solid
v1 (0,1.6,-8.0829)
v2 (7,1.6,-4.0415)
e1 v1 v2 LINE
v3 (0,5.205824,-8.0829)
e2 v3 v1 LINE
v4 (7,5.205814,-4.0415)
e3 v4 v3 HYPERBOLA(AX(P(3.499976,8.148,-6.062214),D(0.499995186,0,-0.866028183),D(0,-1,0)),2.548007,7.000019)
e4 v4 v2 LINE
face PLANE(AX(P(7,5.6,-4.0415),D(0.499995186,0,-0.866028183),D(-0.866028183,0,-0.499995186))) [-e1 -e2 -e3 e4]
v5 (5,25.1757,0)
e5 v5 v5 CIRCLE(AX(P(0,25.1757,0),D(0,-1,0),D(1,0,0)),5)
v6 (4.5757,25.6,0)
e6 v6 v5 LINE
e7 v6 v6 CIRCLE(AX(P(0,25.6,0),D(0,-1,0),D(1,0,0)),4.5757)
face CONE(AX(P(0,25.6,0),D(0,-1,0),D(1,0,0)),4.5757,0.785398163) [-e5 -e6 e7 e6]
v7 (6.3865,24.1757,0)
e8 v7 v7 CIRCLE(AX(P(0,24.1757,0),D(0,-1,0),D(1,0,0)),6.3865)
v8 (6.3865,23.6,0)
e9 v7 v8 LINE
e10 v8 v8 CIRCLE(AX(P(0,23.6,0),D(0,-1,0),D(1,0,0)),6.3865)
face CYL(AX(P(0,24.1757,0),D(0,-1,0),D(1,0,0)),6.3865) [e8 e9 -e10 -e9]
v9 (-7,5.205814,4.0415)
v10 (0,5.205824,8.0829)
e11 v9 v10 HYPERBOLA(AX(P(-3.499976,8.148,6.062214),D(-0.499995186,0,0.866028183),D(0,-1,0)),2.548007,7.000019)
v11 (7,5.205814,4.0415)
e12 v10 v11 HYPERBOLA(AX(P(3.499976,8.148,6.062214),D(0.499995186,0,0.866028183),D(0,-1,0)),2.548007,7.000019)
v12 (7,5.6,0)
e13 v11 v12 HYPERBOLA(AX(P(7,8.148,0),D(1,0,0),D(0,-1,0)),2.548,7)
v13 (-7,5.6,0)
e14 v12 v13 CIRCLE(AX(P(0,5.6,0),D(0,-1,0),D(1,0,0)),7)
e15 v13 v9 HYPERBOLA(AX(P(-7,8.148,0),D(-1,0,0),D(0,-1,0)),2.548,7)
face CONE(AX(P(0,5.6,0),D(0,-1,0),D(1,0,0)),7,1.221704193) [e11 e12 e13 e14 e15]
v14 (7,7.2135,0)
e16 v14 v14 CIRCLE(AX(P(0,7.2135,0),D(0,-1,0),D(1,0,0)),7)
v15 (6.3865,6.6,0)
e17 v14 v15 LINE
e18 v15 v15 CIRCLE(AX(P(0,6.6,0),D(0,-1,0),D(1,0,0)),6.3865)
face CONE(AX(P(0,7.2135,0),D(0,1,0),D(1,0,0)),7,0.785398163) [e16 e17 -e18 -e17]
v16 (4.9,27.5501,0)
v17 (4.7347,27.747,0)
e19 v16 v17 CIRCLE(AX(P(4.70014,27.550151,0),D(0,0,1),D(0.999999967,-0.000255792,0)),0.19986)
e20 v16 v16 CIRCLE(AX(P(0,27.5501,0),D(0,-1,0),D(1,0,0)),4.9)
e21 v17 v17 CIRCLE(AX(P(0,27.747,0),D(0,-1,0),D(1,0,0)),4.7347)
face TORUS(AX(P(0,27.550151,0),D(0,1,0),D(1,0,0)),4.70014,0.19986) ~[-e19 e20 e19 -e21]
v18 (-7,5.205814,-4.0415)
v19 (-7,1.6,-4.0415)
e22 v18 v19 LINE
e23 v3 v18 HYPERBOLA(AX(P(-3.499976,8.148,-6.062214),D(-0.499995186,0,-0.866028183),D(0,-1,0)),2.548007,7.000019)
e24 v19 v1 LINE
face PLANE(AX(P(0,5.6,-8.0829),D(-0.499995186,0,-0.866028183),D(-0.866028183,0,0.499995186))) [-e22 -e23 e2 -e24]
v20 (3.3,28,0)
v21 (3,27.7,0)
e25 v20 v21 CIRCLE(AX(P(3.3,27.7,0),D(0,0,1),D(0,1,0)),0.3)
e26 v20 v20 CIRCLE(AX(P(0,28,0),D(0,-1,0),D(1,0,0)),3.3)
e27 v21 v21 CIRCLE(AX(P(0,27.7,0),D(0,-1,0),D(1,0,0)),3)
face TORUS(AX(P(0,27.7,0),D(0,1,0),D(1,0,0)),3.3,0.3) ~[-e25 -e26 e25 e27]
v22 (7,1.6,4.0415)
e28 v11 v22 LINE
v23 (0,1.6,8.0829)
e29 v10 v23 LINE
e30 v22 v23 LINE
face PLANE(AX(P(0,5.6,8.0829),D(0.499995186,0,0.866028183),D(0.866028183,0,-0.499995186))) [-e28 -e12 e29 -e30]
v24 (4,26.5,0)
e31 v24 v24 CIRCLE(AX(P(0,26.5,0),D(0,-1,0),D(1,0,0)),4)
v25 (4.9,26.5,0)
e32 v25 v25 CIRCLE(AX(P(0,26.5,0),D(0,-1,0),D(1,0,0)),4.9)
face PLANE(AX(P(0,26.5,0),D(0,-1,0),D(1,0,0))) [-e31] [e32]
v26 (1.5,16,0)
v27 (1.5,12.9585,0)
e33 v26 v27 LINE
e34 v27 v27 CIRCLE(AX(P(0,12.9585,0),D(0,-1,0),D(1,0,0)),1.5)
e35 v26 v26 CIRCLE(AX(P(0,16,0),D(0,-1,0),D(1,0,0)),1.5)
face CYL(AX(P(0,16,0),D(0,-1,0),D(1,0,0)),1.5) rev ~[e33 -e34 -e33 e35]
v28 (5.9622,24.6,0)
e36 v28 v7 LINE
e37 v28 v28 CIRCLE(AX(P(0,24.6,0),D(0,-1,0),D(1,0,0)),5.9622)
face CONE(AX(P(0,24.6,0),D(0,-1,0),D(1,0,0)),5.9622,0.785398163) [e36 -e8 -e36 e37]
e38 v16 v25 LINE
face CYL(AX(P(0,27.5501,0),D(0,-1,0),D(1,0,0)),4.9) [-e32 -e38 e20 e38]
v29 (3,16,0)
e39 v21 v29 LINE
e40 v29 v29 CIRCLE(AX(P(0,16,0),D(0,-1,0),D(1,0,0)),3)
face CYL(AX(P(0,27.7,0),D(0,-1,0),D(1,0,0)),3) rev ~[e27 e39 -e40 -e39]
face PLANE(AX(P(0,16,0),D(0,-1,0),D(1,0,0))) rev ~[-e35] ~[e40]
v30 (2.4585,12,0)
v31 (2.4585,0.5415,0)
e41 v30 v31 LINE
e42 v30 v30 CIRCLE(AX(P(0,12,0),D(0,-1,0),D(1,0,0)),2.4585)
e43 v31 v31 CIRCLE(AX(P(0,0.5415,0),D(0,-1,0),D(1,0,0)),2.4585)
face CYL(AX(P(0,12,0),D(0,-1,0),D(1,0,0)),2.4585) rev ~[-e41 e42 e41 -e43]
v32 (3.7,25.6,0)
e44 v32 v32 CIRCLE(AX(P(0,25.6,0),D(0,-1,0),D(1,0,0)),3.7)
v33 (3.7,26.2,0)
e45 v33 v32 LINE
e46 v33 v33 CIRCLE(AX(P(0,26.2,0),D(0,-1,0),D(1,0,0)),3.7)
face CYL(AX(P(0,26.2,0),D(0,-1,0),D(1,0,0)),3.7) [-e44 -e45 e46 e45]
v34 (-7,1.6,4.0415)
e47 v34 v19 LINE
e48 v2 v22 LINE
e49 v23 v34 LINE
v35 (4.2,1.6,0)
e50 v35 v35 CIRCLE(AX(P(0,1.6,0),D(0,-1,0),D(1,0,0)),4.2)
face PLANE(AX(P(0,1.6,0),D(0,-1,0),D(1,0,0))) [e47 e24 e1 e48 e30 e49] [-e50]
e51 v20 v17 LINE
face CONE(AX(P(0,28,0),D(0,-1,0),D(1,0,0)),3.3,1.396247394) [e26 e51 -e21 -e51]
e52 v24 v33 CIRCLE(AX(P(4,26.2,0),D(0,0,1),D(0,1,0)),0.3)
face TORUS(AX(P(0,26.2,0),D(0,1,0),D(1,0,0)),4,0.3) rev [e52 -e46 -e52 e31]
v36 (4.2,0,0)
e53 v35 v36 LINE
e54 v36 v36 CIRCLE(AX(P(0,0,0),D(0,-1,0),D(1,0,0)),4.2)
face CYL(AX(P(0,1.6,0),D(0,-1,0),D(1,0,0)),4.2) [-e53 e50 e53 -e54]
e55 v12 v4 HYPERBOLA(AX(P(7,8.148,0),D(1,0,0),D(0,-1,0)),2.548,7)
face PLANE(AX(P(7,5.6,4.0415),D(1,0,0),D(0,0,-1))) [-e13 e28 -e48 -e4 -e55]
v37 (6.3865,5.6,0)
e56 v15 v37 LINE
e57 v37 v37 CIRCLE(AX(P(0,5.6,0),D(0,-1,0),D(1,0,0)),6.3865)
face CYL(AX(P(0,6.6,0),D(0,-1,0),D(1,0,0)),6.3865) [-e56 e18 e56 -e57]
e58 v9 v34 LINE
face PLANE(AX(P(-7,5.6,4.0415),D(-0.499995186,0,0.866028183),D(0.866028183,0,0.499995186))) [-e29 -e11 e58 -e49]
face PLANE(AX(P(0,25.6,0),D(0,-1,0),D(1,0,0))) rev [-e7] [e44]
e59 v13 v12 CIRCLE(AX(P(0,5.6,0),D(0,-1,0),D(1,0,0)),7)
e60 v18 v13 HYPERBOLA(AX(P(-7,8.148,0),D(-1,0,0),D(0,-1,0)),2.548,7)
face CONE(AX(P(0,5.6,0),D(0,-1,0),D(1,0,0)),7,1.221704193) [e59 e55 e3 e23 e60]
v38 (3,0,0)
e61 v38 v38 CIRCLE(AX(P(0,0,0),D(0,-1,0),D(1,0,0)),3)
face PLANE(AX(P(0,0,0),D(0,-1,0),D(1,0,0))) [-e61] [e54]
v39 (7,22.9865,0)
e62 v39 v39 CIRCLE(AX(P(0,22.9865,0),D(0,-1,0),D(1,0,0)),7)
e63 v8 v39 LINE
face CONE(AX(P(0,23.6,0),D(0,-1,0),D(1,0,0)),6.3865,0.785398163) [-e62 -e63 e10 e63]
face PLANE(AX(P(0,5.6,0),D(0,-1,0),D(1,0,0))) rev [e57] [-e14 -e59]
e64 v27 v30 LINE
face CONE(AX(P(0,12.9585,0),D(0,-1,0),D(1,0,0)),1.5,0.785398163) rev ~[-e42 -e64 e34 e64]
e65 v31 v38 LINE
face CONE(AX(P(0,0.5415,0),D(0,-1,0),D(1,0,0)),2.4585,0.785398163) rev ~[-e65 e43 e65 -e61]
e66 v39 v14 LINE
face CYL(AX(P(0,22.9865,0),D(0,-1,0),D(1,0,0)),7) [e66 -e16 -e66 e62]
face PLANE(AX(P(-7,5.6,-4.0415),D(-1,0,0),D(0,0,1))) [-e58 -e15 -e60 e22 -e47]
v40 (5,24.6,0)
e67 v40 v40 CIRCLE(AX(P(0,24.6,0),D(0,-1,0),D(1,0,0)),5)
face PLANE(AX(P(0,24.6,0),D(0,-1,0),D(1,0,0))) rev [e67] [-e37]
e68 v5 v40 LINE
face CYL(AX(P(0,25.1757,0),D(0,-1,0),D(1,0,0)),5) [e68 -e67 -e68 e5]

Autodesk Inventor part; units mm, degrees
sketch "Sketch_2" plane through (0, 0, 0) normal (0, 0, 1) x (1, 0, 0)
  line L0 (0, 0) -> (0, 28)
  line L1 (0, 28) -> (3.3, 28)
  line L2 (3.3, 28) -> (4.7347, 27.747)
  arc A0 (4.9, 27.5501) -> (4.7347, 27.747) centre (4.7, 27.5501) ccw
  line L3 (4.9, 27.5501) -> (4.9, 26.5)
  line L4 (4.9, 26.5) -> (4, 26.5)
  arc A1 (4, 26.5) -> (3.7, 26.2) centre (4, 26.2) ccw
  line L5 (3.7, 26.2) -> (3.7, 25.6)
  line L6 (3.7, 25.6) -> (4.5757, 25.6)
  line L7 (4.5757, 25.6) -> (5, 25.1757)
  line L8 (5, 25.1757) -> (5, 24.6)
  line L9 (5, 24.6) -> (5.9622, 24.6)
  line L10 (5.9622, 24.6) -> (6.3865, 24.1757)
  line L11 (6.3865, 24.1757) -> (6.3865, 23.6)
  line L12 (6.3865, 23.6) -> (7, 22.9865)
  line L13 (7, 22.9865) -> (7, 7.2135)
  line L14 (7, 7.2135) -> (6.3865, 6.6)
  line L15 (6.3865, 6.6) -> (6.3865, 5.6)
  line L16 (6.3865, 5.6) -> (7, 5.6)
  line L17 (7, 5.6) -> (8.4, 5.0904)
  line L18 (8.4, 5.0904) -> (8.4, 1.6)
  line L19 (8.4, 1.6) -> (4.2, 1.6)
  line L20 (4.2, 1.6) -> (4.2, 0)
  line L21 (4.2, 0) -> (0, 0)
  line L22 (0, 0) -> (0, 28)
revolve "Revolution1" add sketch "Sketch_2" angle 360 about axis through (0, 0, 0) along (0, -1, 0)
thread "Thread1" size "M14x1" class "6g" standard "ISO Metric profile" full length
sketch "Sketch_3" plane through (0, 0, 0) normal (0, 0, 1) x (1, 0, 0)
  line L0 (0, 0) -> (0, 28)
  line L1 (0, 28) -> (3.3, 28)
  arc A0 (3.3, 28) -> (3, 27.7) centre (3.3, 27.7) ccw
  line L2 (3, 27.7) -> (3, 16)
  line L3 (3, 16) -> (1.5, 16)
  line L4 (1.5, 16) -> (1.5, 12.9585)
  line L5 (1.5, 12.9585) -> (2.4585, 12)
  line L6 (2.4585, 12) -> (2.4585, 0.5415)
  line L7 (2.4585, 0.5415) -> (3, 0)
  line L8 (3, 0) -> (0, 0)
  line L9 (0, 0) -> (0, 28)
revolve "Revolution2" cut sketch "Sketch_3" angle 360 about axis through (0, 0, 0) along (0, -1, 0)
thread "Thread2" size "M6x1" class "6H" standard "ISO Metric profile" full length
sketch "Sketch_1" plane through (0, 5.6, 0) normal (0, 1, 0) x (1, 0, 0)
  line L0 (-13.4451, -13.8453) -> (13.2851, -13.8453)
  line L1 (13.2851, -13.8453) -> (13.2851, 13.6852)
  line L2 (13.2851, 13.6852) -> (-13.4451, 13.6852)
  line L3 (-13.4451, 13.6852) -> (-13.4451, -13.8453)
  line L4 (-7, -4.0415) -> (0, -8.0829)
  line L5 (0, -8.0829) -> (7, -4.0415)
  line L6 (7, -4.0415) -> (7, 4.0415)
  line L7 (7, 4.0415) -> (0, 8.0829)
  line L8 (0, 8.0829) -> (-7, 4.0415)
  line L9 (-7, 4.0415) -> (-7, -4.0415)
extrude "Extrusion1" cut sketch "Sketch_1" against normal blind 5.6
ref_plane "MUTTER1_XY" through (0, 10, 0) normal (0, 1, 0) x (1, 0, 0)
ref_plane "MUTTER1_YZ" through (0, 10, 0) normal (1, 0, 0) x (0, 0, -1)
ref_plane "MUTTER1_ZX" through (0, 10, 0) normal (0, 0, -1) x (0, 1, 0)
ref_plane "MUTTER2_XY" through (0, 18, 0) normal (0, 1, 0) x (1, 0, 0)
ref_plane "MUTTER2_YZ" through (0, 18, 0) normal (1, 0, 0) x (0, 0, -1)
ref_plane "MUTTER2_ZX" through (0, 18, 0) normal (0, 0, -1) x (0, 1, 0)
ref_plane "Sauger_XY" through (0, 0, 0) normal (0, 1, 0) x (1, 0, 0)
ref_plane "Sauger_YZ" through (0, 0, 0) normal (1, 0, 0) x (0, 0, -1)
ref_plane "Sauger_ZX" through (0, 0, 0) normal (0, 0, -1) x (0, 1, 0)
properties part number "189199 ESH-HA-4-QS"
